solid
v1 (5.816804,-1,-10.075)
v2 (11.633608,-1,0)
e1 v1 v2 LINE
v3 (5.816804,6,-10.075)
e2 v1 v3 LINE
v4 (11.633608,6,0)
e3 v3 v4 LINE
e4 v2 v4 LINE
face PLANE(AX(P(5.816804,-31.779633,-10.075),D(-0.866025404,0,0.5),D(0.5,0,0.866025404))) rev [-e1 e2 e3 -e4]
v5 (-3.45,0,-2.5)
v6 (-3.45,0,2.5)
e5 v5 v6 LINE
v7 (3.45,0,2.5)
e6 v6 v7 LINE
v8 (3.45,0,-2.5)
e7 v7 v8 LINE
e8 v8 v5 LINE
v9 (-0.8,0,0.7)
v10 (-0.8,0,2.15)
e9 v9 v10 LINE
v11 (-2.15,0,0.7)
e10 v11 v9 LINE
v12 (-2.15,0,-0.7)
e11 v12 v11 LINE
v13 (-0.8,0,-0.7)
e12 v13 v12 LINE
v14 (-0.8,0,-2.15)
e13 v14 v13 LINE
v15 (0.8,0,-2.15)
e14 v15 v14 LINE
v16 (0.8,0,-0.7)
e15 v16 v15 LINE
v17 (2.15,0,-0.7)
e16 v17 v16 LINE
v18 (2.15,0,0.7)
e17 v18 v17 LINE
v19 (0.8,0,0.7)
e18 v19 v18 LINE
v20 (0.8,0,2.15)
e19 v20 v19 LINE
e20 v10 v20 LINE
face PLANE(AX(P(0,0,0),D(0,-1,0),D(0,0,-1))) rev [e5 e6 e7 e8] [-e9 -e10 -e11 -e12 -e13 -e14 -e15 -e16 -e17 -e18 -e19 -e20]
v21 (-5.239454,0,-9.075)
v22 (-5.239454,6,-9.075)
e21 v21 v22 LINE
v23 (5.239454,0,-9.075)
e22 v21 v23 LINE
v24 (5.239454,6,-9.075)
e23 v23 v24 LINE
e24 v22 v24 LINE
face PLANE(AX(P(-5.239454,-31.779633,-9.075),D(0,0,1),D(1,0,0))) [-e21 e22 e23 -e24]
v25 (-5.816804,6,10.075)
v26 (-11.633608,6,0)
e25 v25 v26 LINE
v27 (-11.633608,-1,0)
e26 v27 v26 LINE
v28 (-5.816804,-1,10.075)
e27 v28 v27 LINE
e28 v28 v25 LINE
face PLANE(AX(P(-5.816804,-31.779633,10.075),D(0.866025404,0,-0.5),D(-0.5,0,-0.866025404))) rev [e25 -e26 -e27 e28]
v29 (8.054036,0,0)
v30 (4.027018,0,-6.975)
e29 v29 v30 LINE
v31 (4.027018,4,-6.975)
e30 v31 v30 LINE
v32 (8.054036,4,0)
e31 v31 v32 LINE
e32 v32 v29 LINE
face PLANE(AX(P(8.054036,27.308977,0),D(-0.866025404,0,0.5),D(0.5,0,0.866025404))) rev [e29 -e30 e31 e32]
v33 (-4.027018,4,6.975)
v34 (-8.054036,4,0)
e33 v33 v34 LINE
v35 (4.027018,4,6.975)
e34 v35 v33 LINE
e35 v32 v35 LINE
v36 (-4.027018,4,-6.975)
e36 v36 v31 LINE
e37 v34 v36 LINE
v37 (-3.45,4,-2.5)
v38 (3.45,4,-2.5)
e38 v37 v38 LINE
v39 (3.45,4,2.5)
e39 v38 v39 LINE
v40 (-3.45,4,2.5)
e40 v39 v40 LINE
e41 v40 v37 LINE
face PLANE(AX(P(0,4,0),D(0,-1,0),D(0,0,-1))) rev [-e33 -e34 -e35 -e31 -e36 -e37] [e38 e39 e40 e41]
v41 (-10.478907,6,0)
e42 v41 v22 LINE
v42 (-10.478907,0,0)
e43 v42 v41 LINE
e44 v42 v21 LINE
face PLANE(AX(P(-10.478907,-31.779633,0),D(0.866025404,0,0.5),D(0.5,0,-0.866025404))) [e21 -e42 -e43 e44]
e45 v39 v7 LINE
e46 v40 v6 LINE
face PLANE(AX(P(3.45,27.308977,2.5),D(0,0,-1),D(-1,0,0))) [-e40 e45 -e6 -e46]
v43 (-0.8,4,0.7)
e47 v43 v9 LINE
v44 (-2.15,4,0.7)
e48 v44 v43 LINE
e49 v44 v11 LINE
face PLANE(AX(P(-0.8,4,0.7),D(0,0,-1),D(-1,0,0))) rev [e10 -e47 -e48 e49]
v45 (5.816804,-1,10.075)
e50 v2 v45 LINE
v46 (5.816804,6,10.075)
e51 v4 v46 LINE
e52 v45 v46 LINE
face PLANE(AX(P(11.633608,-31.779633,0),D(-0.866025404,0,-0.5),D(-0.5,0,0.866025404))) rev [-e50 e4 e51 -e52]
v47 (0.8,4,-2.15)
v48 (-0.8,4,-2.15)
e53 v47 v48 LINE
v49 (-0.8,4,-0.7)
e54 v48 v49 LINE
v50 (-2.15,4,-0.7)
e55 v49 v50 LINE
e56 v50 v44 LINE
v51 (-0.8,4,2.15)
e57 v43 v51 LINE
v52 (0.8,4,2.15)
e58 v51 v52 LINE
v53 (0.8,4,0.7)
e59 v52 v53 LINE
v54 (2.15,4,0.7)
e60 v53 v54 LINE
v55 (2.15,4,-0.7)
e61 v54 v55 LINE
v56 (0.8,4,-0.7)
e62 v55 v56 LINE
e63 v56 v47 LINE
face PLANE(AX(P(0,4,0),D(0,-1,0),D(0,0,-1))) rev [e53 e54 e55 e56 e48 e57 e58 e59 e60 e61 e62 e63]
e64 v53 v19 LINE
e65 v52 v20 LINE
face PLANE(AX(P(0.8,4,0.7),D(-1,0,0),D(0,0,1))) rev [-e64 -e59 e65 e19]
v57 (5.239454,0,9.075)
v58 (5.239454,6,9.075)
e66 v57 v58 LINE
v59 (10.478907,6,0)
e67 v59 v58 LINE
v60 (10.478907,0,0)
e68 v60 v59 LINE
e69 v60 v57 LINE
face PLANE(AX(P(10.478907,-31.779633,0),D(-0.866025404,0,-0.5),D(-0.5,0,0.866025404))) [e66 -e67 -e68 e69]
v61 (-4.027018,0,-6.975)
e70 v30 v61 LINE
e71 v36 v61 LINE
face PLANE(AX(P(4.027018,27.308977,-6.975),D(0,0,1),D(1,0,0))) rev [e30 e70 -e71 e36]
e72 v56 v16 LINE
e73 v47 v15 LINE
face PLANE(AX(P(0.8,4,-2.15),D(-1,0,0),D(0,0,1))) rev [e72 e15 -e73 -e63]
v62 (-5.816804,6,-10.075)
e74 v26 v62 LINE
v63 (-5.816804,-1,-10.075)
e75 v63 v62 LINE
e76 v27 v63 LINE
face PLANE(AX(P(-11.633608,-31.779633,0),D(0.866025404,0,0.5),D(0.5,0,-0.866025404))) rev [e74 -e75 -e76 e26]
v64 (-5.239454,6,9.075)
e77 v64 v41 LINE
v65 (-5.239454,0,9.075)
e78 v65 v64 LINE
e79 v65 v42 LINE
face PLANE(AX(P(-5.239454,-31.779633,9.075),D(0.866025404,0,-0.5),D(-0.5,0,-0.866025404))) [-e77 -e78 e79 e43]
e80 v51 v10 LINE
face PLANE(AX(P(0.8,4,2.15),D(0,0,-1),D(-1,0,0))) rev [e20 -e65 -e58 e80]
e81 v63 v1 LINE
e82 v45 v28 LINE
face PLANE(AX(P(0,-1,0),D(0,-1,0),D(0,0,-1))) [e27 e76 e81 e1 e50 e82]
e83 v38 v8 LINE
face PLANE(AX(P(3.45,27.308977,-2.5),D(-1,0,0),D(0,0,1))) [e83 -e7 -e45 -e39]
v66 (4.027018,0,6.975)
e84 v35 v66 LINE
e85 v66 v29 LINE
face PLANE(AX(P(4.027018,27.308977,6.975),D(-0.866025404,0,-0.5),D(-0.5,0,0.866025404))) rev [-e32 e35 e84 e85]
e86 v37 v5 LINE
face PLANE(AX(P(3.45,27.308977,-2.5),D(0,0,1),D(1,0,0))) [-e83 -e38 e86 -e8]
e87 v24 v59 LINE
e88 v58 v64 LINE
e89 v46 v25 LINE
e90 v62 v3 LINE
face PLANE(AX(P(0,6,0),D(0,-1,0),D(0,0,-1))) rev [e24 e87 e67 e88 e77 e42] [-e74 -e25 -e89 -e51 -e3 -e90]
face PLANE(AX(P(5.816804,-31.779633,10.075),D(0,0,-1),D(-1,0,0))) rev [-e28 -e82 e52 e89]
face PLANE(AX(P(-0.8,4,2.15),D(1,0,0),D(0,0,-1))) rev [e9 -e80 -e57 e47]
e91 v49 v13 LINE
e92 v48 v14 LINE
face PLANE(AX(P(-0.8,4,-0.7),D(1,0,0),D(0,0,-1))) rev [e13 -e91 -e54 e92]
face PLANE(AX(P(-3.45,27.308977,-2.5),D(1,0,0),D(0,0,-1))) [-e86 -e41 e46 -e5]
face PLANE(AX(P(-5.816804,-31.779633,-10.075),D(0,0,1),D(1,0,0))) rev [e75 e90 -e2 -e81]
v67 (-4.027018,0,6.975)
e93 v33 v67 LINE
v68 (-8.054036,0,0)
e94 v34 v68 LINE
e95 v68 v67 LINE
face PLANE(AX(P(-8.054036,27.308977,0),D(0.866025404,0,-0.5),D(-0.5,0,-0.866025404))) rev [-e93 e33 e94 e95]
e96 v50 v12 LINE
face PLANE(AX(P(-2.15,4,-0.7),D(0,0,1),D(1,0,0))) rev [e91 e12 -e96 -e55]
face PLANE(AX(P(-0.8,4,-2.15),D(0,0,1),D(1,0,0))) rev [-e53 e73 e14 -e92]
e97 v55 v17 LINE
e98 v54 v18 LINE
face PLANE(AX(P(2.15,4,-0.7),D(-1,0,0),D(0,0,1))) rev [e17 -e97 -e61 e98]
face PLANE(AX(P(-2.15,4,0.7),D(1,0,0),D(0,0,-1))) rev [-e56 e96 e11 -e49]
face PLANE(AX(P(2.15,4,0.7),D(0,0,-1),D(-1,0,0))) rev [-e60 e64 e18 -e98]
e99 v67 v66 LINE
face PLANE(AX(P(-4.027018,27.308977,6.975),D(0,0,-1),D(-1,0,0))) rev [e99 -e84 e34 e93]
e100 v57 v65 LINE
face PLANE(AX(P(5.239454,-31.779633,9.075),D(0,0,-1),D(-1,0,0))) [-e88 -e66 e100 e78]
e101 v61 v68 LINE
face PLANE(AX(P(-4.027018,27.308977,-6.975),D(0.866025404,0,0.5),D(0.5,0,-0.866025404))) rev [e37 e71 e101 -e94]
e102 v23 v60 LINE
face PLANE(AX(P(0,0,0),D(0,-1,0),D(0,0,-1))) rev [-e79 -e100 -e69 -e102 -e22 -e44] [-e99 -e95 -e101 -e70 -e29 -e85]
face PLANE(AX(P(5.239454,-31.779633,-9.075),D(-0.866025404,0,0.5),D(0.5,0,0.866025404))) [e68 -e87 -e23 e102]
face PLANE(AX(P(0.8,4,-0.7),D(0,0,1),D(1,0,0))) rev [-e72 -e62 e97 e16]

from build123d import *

# Parameters (mm, degrees)
CROSS_DEPTH         = 4
BOTTOM_DEPTH        = 1
WALLS_DEPTH         = 1
WALLS_DEPTH_BACK    = 6
SKETCH5_W           = 6.9
SKETCH5_H           = 5
BOSS_EXTRUDE4_DEPTH = 4


with BuildPart() as part:
    # Sketch1 → Cross (new body)
    with BuildSketch(Plane(origin=(0, 0, 0), x_dir=(1, 0, 0), z_dir=(0, 1, 0))):
        Polygon((-0.8, 2.15), (0.8, 2.15), (0.8, 0.7), (2.15, 0.7), (2.15, -0.7), (0.8, -0.7), (0.8, -2.15), (-0.8, -2.15), (-0.8, -0.7), (-2.15, -0.7), (-2.15, 0.7), (-0.8, 0.7), align=None)
    extrude(amount=CROSS_DEPTH)

    # Sketch3 → Bottom (add)
    with BuildSketch(Plane.XZ):
        Polygon((10.478907386, 0), (5.239453693, 9.075), (-5.239453693, 9.075), (-10.478907386, 0), (-5.239453693, -9.075), (5.239453693, -9.075), align=None)
    extrude(amount=BOTTOM_DEPTH)

    # Sketch4 → Walls (add, two sides: drawn at the far end of the back side and taken through both)
    with BuildSketch(Plane.XZ.offset(-WALLS_DEPTH_BACK)):
        Polygon((5.816803962, -10.075), (11.633607924, 0), (5.816803962, 10.075), (-5.816803962, 10.075), (-11.633607924, 0), (-5.816803962, -10.075), align=None)
        Polygon((5.239453693, -9.075), (10.478907386, 0), (5.239453693, 9.075), (-5.239453693, 9.075), (-10.478907386, 0), (-5.239453693, -9.075), align=None, mode=Mode.SUBTRACT)
    extrude(amount=WALLS_DEPTH + WALLS_DEPTH_BACK)

    # Sketch5 → Boss-Extrude4 (add)
    with BuildSketch(Plane(origin=(0, 0, 0), x_dir=(1, 0, 0), z_dir=(0, 1, 0))):
        Polygon((8.054036255, 0), (4.027018128, 6.975), (-4.027018128, 6.975), (-8.054036255, 0), (-4.027018128, -6.975), (4.027018128, -6.975), align=None)
        Rectangle(SKETCH5_W, SKETCH5_H, mode=Mode.SUBTRACT)
    extrude(amount=BOSS_EXTRUDE4_DEPTH)


solid = part.part
